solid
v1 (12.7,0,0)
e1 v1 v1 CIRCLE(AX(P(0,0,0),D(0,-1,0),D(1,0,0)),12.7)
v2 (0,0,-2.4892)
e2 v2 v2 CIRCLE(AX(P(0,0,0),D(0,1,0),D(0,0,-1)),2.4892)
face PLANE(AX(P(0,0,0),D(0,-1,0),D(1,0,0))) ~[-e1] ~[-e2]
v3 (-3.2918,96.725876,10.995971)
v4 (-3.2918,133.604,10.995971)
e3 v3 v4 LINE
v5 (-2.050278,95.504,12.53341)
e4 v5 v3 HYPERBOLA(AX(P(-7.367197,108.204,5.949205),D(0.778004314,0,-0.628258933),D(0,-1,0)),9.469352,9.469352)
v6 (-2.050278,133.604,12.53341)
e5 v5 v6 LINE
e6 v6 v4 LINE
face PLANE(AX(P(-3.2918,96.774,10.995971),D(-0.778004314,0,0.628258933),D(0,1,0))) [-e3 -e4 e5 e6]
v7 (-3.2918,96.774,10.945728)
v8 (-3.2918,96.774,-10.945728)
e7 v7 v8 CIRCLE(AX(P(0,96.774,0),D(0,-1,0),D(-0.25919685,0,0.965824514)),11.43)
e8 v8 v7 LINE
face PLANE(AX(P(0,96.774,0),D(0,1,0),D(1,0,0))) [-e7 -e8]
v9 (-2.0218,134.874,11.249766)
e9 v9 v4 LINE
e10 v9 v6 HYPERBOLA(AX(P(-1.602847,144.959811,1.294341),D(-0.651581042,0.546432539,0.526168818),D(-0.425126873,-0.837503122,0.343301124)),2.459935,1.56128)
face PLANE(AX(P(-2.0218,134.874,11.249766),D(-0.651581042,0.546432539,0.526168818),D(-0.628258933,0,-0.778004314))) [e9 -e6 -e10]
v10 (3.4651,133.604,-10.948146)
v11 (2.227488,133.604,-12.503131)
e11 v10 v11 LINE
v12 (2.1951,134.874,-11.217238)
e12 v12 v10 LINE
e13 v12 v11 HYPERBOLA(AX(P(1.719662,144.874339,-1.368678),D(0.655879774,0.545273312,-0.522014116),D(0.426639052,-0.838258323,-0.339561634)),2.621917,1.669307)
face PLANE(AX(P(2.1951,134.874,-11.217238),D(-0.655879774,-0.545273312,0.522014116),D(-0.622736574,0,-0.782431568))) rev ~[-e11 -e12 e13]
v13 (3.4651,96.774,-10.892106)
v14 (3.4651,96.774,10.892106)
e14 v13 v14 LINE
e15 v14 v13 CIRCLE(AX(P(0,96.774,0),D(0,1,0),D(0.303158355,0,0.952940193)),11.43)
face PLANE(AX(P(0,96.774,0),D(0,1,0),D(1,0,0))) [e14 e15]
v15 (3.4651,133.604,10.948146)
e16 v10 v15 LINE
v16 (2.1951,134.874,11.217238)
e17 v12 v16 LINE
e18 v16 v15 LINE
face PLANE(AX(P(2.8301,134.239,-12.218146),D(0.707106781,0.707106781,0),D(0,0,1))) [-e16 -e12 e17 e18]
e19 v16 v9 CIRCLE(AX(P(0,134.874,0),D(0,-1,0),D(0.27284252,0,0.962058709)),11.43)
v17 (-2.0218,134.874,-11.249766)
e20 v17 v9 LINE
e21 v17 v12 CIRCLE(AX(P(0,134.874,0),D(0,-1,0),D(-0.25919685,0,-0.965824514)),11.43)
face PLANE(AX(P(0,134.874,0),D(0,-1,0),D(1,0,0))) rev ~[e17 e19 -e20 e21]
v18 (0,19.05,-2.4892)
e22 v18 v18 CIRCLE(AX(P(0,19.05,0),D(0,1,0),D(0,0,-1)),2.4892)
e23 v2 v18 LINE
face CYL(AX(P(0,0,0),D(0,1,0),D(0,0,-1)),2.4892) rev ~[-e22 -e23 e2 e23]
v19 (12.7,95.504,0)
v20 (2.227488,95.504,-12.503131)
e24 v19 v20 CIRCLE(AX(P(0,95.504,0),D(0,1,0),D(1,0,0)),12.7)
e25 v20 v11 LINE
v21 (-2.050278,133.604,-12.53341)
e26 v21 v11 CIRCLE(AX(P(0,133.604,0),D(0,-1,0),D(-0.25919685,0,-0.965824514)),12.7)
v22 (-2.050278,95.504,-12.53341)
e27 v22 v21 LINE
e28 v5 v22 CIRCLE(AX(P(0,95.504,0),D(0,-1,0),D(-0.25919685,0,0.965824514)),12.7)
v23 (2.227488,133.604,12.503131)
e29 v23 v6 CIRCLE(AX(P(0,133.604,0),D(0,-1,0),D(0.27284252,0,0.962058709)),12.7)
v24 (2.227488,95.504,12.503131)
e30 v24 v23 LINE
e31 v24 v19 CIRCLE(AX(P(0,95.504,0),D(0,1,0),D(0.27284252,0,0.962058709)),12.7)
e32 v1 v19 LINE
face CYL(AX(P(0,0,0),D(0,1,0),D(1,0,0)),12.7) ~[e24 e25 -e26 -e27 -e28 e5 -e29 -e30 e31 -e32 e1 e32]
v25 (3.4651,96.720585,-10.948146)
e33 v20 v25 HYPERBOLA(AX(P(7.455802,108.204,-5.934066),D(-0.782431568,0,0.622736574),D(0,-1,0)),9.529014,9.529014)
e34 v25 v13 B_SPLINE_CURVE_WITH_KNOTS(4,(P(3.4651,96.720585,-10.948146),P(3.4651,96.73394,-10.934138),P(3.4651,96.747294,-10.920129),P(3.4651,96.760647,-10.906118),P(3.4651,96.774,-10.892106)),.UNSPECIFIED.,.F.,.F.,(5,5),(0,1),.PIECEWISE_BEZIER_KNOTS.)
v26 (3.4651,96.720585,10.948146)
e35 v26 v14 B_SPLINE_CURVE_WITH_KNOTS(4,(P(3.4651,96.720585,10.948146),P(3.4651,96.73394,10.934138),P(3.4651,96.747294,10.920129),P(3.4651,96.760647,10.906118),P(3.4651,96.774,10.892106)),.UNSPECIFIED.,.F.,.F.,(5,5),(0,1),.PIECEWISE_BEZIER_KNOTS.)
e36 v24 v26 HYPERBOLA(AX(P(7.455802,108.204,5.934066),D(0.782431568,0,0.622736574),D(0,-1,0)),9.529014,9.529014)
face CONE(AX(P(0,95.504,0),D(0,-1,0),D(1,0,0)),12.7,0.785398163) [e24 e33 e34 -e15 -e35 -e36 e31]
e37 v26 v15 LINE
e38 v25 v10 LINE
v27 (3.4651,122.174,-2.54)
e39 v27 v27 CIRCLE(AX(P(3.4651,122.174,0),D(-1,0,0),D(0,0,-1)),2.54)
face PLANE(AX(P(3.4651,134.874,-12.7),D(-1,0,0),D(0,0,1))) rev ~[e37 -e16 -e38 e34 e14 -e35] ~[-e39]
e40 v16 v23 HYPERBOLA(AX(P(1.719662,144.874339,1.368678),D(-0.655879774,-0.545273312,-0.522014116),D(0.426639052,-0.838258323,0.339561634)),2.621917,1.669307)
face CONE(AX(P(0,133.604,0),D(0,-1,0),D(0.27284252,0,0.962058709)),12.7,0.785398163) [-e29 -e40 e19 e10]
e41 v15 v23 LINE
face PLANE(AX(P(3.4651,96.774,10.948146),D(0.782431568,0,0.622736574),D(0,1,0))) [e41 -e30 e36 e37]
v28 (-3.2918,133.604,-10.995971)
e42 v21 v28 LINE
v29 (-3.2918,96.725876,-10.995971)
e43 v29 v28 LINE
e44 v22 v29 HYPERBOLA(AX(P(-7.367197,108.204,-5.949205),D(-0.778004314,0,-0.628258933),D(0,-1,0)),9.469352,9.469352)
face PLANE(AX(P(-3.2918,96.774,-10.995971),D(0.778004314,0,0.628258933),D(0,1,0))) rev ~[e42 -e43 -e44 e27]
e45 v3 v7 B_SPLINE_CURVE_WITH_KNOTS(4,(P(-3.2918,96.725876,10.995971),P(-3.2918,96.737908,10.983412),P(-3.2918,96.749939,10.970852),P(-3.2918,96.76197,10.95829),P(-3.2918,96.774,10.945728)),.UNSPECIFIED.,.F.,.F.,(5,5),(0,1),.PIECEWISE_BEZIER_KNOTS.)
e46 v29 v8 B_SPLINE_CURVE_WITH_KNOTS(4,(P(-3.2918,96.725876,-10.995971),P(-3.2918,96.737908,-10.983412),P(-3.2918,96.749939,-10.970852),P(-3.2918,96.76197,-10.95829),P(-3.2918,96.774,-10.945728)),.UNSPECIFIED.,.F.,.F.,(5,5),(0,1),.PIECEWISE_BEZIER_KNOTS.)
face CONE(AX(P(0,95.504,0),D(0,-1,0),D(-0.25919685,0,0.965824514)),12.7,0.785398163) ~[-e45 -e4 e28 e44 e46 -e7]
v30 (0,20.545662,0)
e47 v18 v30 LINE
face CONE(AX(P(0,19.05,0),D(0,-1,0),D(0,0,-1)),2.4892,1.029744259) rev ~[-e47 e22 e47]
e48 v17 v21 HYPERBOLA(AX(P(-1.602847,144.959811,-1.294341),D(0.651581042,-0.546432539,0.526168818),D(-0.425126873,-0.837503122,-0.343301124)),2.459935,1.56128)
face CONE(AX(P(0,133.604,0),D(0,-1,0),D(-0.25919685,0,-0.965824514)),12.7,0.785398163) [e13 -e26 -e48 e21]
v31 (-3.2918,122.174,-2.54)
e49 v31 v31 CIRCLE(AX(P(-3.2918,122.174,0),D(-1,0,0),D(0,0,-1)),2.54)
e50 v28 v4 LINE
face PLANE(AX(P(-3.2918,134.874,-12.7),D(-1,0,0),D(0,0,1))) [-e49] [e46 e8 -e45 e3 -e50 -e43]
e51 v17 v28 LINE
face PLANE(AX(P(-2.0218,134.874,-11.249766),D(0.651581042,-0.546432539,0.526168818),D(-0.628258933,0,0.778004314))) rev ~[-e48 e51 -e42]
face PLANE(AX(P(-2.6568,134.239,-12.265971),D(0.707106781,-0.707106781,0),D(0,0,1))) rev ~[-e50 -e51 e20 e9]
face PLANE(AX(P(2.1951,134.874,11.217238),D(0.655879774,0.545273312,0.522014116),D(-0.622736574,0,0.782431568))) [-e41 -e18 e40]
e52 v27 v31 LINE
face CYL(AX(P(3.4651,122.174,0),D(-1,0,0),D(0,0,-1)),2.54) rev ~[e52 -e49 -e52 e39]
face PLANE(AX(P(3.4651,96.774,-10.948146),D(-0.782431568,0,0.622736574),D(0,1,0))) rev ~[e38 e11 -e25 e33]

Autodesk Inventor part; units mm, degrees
ref_plane "YZ Plane" through (0, 0, 0) normal (1, 0, 0) x (0, 1, 0)
ref_plane "XZ Plane" through (0, 0, 0) normal (0, 1, 0) x (-1, 0, 0)
ref_plane "XY Plane" through (0, 0, 0) normal (0, 0, 1) x (1, 0, 0)
sketch "Sketch1" plane through (0, 0, 0) normal (0, 0, 1) x (1, 0, 0)
  line L0 (0, 0) -> (12.7, 0)
  line L1 (12.7, 0) -> (12.7, 134.874)
  line L2 (12.7, 134.874) -> (0, 134.874)
  line L3 (0, 134.874) -> (0, 0)
  line L4 (0, 0) -> (2.54, 0)
  line L5 (2.54, 0) -> (2.54, -12.7)
  line L6 (2.54, -12.7) -> (0, -12.7)
  line L7 (0, -12.7) -> (0, 0)
  dimension "d0" = 12.7
  dimension "d1" = 134.874
  dimension "d2" = 12.7
  dimension "d3" = 2.54
revolve "Revolution1" add sketch "Sketch1" angle 360 about axis through (0, 134.874, 0) along (0, -1, 0)
sketch "Sketch4" plane through (0, 134.874, 0) normal (0, 1, 0) x (1, 0, 0)
  line L0 (3.175, -12.7) -> (3.175, 12.7)
  line L1 (3.175, 12.7) -> (-3.175, 12.7)
  line L2 (-3.175, 12.7) -> (-3.175, -12.7)
  line L3 (-3.175, -12.7) -> (3.175, -12.7)
  line L4 (3.175, -12.7) -> (-3.175, 12.7) construction
  line L5 (3.175, 12.7) -> (-3.175, -12.7) construction
  point P0 (0, 0)
  dimension "d24" = 6.35
  dimension "d25" = 25.4
sketch "Sketch5" plane through (0, 134.874, 0) normal (0, 1, 0) x (1, 0, 0)
  line L0 (-3.2918, -12.7) -> (-12.7, -12.7)
  line L1 (-12.7, -12.7) -> (-12.7, 12.7)
  line L2 (-12.7, 12.7) -> (-3.2918, 12.7)
  line L3 (-3.2918, 12.7) -> (-3.2918, -12.7)
  line L4 (3.4651, -12.7) -> (12.7, -12.7)
  line L5 (12.7, -12.7) -> (12.7, 12.7)
  line L6 (12.7, 12.7) -> (3.4651, 12.7)
  line L7 (3.4651, 12.7) -> (3.4651, -12.7)
  point P0 (0, 0)
extrude "Extrusion2" cut sketch "Sketch5" against normal blind 38.1
sketch "Sketch6" plane through (3.4651, 134.874, 12.2181) normal (1, 0, 0) x (0, 0, -1)
  line L0 (-0.4819, -134.874) -> (24.9181, -134.874) projected
  line L1 (24.4841, 0) -> (-0.0478, 0) projected
  point P0 (12.2181, -134.874)
  point P1 (12.2181, -12.7)
  dimension "d39" = 12.7
hole "Hole2" at (3.4651, 122.174, 0) direction (-1, 0, 0) diameter 5.08 end through all
chamfer "Chamfer3" distance 1.27 angle 45 12 edges at (10.1316, 96.774, -7.6578) (10.1316, 96.774, 7.6578) (3.4651, 115.824, -12.2181) (3.4651, 115.824, 12.2181) (3.4651, 134.874, 0) (0.0899, 134.874, -12.6997) (0.0899, 134.874, 12.6997) (-3.2918, 134.874, 0) (-3.2918, 115.824, -12.266) (-3.2918, 115.824, 12.266) (-12.7, 96.774, 0) (-2.54, -12.7, 0)
sketch "Sketch7" plane through (0, -12.7, 0) normal (0, -1, 0) x (1, 0, 0)
  circle A0 centre (0, 0) radius 2.54 projected
  circle A1 centre (0, 0) radius 2.54
  point P0 (0, 0)
extrude "Extrusion3" cut sketch "Sketch7" against normal blind 12.7
sketch "Sketch8" plane through (0, 0, 0) normal (0, -1, 0) x (1, 0, 0)
  point P0 (0, 0)
  point P1 (0, 0)
hole "Hole3" at (0, 0, 0) direction (0, 1, 0) diameter 4.9784 depth 19.05 tip angle 118 thread size "1/4-20 UNC" class "2B" standard "ANSI Unified Screw Threads"
properties part number "2016.07.14 magnetic height guide"
